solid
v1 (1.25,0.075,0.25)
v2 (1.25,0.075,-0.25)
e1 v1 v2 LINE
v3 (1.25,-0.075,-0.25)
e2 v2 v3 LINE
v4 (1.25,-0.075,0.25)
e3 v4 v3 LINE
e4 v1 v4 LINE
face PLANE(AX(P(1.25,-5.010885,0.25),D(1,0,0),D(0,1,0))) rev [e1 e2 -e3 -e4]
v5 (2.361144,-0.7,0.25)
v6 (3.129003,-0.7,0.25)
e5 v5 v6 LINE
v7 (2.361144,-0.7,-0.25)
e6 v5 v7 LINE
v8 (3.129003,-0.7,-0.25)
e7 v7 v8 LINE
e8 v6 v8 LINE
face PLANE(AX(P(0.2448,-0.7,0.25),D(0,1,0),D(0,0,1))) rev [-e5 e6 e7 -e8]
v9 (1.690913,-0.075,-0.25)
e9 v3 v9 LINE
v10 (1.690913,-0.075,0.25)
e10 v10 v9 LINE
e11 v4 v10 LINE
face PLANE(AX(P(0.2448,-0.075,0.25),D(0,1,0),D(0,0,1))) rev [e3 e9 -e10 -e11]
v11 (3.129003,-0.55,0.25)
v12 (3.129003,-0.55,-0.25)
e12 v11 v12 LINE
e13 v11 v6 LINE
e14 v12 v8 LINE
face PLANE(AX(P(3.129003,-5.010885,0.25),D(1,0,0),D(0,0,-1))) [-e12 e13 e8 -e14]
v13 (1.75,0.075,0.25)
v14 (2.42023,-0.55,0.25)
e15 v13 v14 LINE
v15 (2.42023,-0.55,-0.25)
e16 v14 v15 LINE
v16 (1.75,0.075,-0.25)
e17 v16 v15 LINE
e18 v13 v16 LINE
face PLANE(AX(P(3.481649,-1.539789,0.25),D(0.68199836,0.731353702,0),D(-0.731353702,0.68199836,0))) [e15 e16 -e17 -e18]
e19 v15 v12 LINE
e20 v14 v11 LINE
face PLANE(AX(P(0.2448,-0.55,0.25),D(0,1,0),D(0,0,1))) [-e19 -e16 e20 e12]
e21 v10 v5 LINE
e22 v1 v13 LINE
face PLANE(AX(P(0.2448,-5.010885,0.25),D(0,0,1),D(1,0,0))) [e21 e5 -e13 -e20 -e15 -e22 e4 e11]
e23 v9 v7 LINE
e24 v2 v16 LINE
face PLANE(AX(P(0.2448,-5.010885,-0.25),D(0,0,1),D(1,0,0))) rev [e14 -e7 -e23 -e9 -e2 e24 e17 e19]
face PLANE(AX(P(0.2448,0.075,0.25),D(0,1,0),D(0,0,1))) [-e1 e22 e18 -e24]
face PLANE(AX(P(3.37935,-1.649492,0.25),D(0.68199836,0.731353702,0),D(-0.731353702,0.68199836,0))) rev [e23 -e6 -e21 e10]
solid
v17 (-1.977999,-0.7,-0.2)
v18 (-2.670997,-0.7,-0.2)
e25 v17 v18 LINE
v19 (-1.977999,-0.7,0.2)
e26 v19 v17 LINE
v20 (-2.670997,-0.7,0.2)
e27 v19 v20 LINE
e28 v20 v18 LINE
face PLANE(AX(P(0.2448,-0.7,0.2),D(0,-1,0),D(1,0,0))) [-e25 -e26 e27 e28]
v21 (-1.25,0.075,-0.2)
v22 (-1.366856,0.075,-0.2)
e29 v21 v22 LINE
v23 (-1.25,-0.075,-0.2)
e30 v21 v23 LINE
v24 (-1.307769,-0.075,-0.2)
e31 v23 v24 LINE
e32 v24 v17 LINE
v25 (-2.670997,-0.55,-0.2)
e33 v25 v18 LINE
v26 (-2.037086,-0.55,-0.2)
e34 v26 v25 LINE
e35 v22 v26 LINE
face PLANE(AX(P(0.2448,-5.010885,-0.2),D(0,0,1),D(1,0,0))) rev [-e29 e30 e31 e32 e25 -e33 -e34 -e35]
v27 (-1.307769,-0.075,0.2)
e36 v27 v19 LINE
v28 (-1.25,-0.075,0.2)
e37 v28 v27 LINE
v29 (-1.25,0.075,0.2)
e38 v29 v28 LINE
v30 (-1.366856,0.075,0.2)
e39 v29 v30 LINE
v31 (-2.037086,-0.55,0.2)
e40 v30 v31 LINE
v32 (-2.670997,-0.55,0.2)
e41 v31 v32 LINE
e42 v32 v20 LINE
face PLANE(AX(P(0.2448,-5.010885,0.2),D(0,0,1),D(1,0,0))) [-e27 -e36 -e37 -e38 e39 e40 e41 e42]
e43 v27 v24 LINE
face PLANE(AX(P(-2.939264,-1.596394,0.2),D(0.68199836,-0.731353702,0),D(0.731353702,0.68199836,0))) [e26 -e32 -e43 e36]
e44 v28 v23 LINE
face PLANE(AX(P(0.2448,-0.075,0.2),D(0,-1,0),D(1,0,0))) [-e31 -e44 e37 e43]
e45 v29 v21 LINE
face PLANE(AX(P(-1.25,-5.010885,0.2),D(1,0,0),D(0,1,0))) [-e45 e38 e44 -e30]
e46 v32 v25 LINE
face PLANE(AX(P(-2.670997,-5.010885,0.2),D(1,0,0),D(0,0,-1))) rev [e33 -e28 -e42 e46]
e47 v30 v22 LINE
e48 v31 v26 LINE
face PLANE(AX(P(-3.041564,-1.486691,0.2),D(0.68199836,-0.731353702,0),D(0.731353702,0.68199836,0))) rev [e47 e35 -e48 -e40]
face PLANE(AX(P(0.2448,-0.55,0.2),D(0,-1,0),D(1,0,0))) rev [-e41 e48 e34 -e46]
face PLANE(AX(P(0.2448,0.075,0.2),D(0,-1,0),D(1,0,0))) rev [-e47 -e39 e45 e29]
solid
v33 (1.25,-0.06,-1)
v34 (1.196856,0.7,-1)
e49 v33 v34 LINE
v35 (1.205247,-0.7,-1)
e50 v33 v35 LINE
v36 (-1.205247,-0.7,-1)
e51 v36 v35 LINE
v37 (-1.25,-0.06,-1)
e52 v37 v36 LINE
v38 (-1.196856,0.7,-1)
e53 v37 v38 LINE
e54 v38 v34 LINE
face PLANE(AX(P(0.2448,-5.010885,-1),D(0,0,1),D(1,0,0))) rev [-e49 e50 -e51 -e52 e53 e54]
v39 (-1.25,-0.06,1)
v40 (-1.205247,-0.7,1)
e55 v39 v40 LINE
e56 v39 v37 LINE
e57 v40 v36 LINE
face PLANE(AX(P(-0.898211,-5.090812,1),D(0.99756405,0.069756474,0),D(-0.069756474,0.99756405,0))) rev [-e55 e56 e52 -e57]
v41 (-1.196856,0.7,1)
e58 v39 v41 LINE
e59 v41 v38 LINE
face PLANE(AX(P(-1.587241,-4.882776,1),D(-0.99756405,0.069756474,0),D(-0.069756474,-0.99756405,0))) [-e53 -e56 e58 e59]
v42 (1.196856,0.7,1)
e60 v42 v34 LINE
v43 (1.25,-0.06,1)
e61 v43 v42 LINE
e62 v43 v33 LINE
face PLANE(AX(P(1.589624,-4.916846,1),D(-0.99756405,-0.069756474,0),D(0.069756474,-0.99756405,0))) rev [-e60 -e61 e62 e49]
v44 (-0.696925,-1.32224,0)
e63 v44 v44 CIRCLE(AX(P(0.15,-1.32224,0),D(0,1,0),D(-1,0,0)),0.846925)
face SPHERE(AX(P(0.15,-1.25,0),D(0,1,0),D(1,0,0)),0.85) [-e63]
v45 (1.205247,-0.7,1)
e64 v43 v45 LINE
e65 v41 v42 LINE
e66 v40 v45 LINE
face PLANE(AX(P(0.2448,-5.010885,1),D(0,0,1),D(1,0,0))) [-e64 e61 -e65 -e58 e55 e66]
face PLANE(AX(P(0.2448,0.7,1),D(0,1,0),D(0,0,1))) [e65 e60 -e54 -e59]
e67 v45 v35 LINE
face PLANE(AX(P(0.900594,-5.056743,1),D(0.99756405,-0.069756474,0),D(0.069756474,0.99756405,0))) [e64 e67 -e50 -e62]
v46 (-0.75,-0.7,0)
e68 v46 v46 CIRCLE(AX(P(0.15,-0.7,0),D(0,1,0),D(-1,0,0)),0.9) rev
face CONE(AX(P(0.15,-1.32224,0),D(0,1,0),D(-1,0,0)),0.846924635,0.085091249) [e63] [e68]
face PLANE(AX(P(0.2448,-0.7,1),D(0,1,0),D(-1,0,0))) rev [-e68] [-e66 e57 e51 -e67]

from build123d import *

# Parameters (mm, degrees)
EXTRUDE1_DEPTH = 1
EXTRUDE2_DEPTH = 0.25
EXTRUDE3_DEPTH = 0.2


with BuildPart() as part:
    # Sketch1 → Extrude1 (new, symmetric)
    with BuildSketch(Plane.XY):
        Polygon((1.196855623, 0.7), (-1.196855623, 0.7), (-1.25, -0.06), (-1.20524684, -0.7), (1.20524684, -0.7), (1.25, -0.06), align=None)
    extrude(amount=EXTRUDE1_DEPTH, both=True)

    # Sketch1<6> → Revolve1 (revolve)
    with BuildSketch(Plane.XY):
        with BuildLine():
            Line((1.05, -0.7), (0.15, -0.7))
            Line((0.15, -0.7), (0.15, -2.1))
            ThreePointArc((0.15, -2.1), (0.724932924, -1.876060806), (0.996924635, -1.322240312))
            Line((0.996924635, -1.322240312), (1.05, -0.7))
        make_face()
    revolve(axis=Axis((0.15, -0.7, 0), (0, -1, 0)))


with BuildPart() as body_2:
    # Sketch1<3> → Extrude2 (new, symmetric)
    with BuildSketch(Plane.XY):
        Polygon((1.75, 0.075), (1.25, 0.075), (1.25, -0.075), (1.690913429, -0.075), (2.361143872, -0.7), (3.129003177, -0.7), (3.129003177, -0.55), (2.420230444, -0.55), align=None)
    extrude(amount=EXTRUDE2_DEPTH, both=True)


with BuildPart() as body_3:
    # Sketch1<5> → Extrude3 (new, symmetric)
    with BuildSketch(Plane.XY):
        Polygon((-1.25, 0.075), (-1.366855623, 0.075), (-2.037086067, -0.55), (-2.670996823, -0.55), (-2.670996823, -0.7), (-1.977999495, -0.7), (-1.307769052, -0.075), (-1.25, -0.075), align=None)
    extrude(amount=EXTRUDE3_DEPTH, both=True)


solid = Compound([part.part, body_2.part, body_3.part])
